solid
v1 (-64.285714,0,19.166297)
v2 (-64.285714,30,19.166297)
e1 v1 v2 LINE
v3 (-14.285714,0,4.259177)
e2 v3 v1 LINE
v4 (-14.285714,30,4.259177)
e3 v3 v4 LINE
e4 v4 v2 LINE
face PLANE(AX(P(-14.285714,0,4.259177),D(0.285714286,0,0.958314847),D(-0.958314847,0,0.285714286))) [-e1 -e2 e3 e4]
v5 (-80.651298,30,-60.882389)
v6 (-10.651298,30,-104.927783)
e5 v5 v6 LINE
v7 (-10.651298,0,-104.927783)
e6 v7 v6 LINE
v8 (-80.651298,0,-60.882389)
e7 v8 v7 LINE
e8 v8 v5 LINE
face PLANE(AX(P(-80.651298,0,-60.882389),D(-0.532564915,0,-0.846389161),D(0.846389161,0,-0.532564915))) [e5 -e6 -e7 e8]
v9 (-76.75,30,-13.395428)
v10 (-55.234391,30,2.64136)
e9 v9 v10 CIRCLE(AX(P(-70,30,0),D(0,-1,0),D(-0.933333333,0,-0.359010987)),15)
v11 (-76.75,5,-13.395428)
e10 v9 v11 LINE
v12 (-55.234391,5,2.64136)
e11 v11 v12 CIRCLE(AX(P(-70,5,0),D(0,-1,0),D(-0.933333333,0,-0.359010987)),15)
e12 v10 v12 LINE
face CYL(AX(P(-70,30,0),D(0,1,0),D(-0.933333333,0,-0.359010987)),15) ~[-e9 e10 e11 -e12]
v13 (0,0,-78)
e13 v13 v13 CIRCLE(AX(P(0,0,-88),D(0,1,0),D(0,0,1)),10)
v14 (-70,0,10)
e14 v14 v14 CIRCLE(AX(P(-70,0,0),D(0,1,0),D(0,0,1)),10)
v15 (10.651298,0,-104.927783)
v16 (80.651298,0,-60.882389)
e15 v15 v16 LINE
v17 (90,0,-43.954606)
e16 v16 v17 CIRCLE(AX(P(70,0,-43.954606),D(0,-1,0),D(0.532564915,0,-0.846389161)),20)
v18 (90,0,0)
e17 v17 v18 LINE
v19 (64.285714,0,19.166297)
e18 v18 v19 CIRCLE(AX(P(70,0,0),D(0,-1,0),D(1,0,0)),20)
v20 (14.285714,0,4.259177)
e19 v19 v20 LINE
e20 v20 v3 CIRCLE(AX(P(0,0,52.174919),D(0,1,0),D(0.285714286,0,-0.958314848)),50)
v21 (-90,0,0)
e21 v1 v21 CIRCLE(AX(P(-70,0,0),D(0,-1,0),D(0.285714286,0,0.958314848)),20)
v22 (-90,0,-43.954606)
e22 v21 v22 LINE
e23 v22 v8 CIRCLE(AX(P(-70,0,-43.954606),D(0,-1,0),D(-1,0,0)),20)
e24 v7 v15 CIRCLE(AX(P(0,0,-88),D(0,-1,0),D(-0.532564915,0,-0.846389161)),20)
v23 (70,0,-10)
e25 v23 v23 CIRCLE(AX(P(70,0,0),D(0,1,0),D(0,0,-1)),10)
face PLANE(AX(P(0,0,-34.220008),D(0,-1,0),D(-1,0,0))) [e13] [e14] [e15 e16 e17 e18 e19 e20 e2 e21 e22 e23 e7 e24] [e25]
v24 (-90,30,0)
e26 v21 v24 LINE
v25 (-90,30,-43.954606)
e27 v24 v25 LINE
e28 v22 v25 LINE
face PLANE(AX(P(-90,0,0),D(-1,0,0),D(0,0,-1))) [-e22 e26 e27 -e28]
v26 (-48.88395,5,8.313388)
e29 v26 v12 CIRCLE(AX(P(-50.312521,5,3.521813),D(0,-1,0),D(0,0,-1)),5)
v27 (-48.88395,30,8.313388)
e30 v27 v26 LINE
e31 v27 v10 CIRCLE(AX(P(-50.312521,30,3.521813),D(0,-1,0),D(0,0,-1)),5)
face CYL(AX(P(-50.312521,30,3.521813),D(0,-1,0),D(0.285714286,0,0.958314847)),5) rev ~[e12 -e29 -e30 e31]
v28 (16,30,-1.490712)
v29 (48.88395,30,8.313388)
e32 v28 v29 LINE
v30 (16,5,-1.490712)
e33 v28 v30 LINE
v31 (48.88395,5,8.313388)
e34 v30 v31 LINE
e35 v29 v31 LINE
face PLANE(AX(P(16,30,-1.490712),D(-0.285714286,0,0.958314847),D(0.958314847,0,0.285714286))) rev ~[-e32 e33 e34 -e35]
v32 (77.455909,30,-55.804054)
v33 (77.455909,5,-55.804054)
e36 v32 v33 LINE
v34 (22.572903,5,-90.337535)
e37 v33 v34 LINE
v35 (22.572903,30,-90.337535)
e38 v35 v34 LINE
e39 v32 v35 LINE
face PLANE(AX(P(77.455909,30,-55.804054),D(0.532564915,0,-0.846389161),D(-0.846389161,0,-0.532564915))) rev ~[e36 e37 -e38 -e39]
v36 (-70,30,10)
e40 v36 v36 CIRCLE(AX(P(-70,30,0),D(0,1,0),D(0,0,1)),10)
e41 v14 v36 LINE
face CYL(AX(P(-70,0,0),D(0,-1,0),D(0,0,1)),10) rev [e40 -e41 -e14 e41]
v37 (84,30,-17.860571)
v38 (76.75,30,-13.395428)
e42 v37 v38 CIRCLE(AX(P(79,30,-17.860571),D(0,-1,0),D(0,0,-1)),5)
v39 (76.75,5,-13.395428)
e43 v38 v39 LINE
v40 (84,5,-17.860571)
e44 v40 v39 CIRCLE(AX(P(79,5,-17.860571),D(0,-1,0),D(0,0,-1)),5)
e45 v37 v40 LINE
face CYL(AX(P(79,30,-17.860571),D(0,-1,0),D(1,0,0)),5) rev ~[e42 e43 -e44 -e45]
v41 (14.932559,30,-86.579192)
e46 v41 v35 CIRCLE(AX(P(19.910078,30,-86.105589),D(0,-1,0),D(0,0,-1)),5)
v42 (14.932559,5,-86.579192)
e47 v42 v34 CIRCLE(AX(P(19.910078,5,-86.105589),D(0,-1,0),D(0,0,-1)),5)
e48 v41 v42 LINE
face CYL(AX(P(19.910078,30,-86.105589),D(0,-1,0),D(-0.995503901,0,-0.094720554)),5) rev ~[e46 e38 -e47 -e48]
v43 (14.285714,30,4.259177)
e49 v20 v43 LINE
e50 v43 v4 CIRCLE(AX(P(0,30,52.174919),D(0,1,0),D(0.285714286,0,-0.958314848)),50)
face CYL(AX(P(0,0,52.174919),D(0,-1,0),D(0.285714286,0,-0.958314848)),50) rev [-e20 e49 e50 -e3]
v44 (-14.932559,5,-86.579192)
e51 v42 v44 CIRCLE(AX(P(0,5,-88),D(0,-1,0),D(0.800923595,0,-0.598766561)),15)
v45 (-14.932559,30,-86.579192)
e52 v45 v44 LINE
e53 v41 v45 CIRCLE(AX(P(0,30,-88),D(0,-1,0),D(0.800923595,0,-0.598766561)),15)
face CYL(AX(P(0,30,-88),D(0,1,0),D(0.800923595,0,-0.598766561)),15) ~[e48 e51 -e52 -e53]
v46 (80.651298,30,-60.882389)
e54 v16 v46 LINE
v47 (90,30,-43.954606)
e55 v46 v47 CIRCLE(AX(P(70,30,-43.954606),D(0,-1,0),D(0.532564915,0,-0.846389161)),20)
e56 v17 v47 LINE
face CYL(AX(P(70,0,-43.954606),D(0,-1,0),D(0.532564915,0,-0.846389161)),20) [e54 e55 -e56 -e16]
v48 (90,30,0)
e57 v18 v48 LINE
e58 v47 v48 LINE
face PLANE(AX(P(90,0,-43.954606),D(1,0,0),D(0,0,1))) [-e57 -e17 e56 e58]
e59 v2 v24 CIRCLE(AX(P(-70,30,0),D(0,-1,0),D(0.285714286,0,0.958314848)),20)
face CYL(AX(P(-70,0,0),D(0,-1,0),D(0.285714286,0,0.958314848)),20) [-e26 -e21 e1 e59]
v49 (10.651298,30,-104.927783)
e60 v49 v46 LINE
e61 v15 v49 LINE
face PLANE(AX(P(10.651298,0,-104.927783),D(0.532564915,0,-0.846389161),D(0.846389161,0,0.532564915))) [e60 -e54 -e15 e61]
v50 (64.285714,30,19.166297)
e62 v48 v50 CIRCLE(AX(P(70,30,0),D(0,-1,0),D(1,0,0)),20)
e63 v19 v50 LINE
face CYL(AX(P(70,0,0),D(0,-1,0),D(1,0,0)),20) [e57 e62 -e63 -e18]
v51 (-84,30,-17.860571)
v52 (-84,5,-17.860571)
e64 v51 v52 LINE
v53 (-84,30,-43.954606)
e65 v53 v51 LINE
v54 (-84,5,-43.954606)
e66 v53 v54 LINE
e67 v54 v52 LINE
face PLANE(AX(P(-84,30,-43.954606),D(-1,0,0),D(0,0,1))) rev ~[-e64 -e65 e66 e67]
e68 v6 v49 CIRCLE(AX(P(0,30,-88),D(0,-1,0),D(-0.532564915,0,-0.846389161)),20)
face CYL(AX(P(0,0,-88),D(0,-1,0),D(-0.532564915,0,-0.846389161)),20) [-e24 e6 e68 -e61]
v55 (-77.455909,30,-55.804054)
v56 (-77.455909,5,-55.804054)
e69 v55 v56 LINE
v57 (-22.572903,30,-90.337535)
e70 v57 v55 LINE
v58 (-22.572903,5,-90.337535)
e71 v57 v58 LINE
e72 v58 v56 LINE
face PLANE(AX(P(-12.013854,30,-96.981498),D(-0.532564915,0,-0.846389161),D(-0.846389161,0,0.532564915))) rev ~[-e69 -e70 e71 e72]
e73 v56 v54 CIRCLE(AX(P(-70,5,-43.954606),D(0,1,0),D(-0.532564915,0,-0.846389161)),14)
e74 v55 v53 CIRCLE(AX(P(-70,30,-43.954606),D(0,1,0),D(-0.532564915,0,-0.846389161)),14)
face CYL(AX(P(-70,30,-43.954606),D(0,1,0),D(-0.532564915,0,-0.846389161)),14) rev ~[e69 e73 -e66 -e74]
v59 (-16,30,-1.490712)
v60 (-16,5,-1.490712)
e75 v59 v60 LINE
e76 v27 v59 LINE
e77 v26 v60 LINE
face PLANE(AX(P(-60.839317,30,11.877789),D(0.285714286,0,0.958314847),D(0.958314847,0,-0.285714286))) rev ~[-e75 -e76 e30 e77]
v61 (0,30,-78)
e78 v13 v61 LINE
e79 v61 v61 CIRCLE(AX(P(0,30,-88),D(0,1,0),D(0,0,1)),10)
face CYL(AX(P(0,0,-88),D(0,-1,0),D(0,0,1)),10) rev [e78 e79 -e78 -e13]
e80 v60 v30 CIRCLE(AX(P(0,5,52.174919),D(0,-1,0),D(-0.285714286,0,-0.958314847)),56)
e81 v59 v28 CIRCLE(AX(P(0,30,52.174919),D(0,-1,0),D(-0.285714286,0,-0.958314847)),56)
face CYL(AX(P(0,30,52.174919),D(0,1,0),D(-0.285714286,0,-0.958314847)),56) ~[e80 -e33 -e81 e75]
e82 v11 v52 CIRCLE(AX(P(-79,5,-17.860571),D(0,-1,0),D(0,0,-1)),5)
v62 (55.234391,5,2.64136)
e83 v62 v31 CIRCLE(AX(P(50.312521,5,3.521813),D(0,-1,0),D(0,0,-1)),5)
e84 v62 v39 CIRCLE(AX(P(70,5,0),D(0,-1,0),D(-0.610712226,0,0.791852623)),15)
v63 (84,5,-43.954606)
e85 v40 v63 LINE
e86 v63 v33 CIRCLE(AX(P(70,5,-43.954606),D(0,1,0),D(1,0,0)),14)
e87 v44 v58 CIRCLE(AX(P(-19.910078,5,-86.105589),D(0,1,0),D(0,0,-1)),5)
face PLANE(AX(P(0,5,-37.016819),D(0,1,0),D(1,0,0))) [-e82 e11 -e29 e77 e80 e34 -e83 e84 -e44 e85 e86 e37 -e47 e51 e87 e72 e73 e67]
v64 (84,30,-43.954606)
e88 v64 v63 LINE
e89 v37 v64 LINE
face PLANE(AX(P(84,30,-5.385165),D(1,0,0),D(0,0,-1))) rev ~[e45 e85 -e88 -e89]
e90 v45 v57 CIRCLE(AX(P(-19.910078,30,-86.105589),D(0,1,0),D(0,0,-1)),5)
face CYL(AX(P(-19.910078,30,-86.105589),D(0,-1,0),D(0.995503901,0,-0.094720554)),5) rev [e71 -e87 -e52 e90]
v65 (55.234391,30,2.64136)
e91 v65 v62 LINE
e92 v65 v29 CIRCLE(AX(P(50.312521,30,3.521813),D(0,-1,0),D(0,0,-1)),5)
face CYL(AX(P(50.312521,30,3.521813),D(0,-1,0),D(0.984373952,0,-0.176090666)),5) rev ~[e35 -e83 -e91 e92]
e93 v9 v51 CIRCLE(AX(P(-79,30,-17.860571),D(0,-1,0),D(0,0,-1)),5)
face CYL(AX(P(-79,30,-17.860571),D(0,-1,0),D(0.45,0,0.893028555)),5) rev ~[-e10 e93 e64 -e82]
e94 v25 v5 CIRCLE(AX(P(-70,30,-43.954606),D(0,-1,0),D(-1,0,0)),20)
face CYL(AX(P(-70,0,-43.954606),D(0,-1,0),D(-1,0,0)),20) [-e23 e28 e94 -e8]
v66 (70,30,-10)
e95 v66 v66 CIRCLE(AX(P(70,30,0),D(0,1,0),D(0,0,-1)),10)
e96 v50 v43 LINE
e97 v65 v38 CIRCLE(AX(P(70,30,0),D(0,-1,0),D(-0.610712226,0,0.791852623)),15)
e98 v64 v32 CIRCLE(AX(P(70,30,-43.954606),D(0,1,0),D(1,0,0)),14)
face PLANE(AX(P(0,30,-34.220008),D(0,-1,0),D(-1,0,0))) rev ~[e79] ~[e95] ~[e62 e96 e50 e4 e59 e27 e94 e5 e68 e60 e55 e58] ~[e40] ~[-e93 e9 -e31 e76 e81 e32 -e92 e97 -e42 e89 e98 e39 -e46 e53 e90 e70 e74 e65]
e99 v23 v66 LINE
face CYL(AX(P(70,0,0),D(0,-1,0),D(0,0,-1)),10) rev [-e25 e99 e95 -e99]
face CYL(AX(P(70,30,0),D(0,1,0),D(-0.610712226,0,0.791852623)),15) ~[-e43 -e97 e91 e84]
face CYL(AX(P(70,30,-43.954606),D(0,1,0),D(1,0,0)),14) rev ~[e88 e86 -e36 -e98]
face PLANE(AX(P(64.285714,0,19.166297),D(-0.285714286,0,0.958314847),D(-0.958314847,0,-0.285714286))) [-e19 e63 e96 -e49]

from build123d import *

# Parameters (mm, degrees)
SKETCH1_R           = 10
BOSS_EXTRUDE1_DEPTH = 30
CUT_EXTRUDE1_DEPTH  = 25
FILLET1_R           = 5


with BuildPart() as part:
    # Sketch1 → Boss-Extrude1 (new body)
    with BuildSketch(Plane(origin=(0, 0, 0), x_dir=(1, 0, 0), z_dir=(0, 1, 0))):
        with BuildLine():
            Line((-90, 0), (-90, 43.954606061))
            ThreePointArc((-90, 43.954606061), (-87.507512185, 53.62347451), (-80.651298291, 60.88238928))
            Line((-80.651298291, 60.88238928), (-10.651298291, 104.927783219))
            ThreePointArc((-10.651298291, 104.927783219), (0, 108), (10.651298291, 104.927783219))
            Line((10.651298291, 104.927783219), (80.651298291, 60.88238928))
            ThreePointArc((80.651298291, 60.88238928), (87.507512185, 53.62347451), (90, 43.954606061))
            Line((90, 43.954606061), (90, 0))
            ThreePointArc((90, 0), (81.952286093, -16.035674515), (64.285714286, -19.16629695))
            Line((64.285714286, -19.16629695), (14.285714286, -4.2591771))
            ThreePointArc((14.285714286, -4.2591771), (0, -2.174919475), (-14.285714286, -4.2591771))
            Line((-14.285714286, -4.2591771), (-64.285714286, -19.16629695))
            ThreePointArc((-64.285714286, -19.16629695), (-81.952286093, -16.035674515), (-90, 0))
        make_face()
        with Locations(Location((0, 88, 0), (0, 0, 270))):
            Circle(SKETCH1_R, mode=Mode.SUBTRACT)
        with Locations(Location((-70, 0, 0), (0, 0, 270))):
            Circle(SKETCH1_R, mode=Mode.SUBTRACT)
        with Locations(Location((70, 0, 0), (0, 0, 90))):
            Circle(SKETCH1_R, mode=Mode.SUBTRACT)
    extrude(amount=BOSS_EXTRUDE1_DEPTH)

    # Sketch2 → Cut-Extrude1 (cut)
    with BuildSketch(Plane(origin=(0, 30, 0), x_dir=(1, 0, 0), z_dir=(0, 1, 0))):
        with BuildLine():
            Line((-12.013853927, 96.981498418), (-77.455908804, 55.804054314))
            ThreePointArc((-77.455908804, 55.804054314), (-82.25525853, 50.722813975), (-84, 43.954606061))
            Line((-84, 43.954606061), (-84, 5.385164807))
            ThreePointArc((-84, 5.385164807), (-61.03578543, 12.026755886), (-60.839316609, -11.877789349))
            Line((-60.839316609, -11.877789349), (-16, 1.490711985))
            ThreePointArc((-16, 1.490711985), (0, 3.825080525), (16, 1.490711985))
            Line((16, 1.490711985), (60.839316609, -11.877789349))
            ThreePointArc((60.839316609, -11.877789349), (61.03578543, 12.026755886), (84, 5.385164807))
            Line((84, 5.385164807), (84, 43.954606061))
            ThreePointArc((84, 43.954606061), (82.25525853, 50.722813975), (77.455908804, 55.804054314))
            Line((77.455908804, 55.804054314), (12.013853927, 96.981498418))
            ThreePointArc((12.013853927, 96.981498418), (0, 73), (-12.013853927, 96.981498418))
        make_face()
    extrude(amount=-CUT_EXTRUDE1_DEPTH, mode=Mode.SUBTRACT)

    # Fillet1
    fillet1_edges = [part.edges().sort_by_distance(p)[0] for p in [
        (84, 17.5, -5.385164807),
        (60.839316609, 17.5, 11.877789349),
        (-60.839316609, 17.5, 11.877789349),
        (-84, 17.5, -5.385164807),
        (-12.013853927, 17.5, -96.981498418),
        (12.013853927, 17.5, -96.981498418),
    ]]
    fillet(fillet1_edges, radius=FILLET1_R)


solid = part.part
